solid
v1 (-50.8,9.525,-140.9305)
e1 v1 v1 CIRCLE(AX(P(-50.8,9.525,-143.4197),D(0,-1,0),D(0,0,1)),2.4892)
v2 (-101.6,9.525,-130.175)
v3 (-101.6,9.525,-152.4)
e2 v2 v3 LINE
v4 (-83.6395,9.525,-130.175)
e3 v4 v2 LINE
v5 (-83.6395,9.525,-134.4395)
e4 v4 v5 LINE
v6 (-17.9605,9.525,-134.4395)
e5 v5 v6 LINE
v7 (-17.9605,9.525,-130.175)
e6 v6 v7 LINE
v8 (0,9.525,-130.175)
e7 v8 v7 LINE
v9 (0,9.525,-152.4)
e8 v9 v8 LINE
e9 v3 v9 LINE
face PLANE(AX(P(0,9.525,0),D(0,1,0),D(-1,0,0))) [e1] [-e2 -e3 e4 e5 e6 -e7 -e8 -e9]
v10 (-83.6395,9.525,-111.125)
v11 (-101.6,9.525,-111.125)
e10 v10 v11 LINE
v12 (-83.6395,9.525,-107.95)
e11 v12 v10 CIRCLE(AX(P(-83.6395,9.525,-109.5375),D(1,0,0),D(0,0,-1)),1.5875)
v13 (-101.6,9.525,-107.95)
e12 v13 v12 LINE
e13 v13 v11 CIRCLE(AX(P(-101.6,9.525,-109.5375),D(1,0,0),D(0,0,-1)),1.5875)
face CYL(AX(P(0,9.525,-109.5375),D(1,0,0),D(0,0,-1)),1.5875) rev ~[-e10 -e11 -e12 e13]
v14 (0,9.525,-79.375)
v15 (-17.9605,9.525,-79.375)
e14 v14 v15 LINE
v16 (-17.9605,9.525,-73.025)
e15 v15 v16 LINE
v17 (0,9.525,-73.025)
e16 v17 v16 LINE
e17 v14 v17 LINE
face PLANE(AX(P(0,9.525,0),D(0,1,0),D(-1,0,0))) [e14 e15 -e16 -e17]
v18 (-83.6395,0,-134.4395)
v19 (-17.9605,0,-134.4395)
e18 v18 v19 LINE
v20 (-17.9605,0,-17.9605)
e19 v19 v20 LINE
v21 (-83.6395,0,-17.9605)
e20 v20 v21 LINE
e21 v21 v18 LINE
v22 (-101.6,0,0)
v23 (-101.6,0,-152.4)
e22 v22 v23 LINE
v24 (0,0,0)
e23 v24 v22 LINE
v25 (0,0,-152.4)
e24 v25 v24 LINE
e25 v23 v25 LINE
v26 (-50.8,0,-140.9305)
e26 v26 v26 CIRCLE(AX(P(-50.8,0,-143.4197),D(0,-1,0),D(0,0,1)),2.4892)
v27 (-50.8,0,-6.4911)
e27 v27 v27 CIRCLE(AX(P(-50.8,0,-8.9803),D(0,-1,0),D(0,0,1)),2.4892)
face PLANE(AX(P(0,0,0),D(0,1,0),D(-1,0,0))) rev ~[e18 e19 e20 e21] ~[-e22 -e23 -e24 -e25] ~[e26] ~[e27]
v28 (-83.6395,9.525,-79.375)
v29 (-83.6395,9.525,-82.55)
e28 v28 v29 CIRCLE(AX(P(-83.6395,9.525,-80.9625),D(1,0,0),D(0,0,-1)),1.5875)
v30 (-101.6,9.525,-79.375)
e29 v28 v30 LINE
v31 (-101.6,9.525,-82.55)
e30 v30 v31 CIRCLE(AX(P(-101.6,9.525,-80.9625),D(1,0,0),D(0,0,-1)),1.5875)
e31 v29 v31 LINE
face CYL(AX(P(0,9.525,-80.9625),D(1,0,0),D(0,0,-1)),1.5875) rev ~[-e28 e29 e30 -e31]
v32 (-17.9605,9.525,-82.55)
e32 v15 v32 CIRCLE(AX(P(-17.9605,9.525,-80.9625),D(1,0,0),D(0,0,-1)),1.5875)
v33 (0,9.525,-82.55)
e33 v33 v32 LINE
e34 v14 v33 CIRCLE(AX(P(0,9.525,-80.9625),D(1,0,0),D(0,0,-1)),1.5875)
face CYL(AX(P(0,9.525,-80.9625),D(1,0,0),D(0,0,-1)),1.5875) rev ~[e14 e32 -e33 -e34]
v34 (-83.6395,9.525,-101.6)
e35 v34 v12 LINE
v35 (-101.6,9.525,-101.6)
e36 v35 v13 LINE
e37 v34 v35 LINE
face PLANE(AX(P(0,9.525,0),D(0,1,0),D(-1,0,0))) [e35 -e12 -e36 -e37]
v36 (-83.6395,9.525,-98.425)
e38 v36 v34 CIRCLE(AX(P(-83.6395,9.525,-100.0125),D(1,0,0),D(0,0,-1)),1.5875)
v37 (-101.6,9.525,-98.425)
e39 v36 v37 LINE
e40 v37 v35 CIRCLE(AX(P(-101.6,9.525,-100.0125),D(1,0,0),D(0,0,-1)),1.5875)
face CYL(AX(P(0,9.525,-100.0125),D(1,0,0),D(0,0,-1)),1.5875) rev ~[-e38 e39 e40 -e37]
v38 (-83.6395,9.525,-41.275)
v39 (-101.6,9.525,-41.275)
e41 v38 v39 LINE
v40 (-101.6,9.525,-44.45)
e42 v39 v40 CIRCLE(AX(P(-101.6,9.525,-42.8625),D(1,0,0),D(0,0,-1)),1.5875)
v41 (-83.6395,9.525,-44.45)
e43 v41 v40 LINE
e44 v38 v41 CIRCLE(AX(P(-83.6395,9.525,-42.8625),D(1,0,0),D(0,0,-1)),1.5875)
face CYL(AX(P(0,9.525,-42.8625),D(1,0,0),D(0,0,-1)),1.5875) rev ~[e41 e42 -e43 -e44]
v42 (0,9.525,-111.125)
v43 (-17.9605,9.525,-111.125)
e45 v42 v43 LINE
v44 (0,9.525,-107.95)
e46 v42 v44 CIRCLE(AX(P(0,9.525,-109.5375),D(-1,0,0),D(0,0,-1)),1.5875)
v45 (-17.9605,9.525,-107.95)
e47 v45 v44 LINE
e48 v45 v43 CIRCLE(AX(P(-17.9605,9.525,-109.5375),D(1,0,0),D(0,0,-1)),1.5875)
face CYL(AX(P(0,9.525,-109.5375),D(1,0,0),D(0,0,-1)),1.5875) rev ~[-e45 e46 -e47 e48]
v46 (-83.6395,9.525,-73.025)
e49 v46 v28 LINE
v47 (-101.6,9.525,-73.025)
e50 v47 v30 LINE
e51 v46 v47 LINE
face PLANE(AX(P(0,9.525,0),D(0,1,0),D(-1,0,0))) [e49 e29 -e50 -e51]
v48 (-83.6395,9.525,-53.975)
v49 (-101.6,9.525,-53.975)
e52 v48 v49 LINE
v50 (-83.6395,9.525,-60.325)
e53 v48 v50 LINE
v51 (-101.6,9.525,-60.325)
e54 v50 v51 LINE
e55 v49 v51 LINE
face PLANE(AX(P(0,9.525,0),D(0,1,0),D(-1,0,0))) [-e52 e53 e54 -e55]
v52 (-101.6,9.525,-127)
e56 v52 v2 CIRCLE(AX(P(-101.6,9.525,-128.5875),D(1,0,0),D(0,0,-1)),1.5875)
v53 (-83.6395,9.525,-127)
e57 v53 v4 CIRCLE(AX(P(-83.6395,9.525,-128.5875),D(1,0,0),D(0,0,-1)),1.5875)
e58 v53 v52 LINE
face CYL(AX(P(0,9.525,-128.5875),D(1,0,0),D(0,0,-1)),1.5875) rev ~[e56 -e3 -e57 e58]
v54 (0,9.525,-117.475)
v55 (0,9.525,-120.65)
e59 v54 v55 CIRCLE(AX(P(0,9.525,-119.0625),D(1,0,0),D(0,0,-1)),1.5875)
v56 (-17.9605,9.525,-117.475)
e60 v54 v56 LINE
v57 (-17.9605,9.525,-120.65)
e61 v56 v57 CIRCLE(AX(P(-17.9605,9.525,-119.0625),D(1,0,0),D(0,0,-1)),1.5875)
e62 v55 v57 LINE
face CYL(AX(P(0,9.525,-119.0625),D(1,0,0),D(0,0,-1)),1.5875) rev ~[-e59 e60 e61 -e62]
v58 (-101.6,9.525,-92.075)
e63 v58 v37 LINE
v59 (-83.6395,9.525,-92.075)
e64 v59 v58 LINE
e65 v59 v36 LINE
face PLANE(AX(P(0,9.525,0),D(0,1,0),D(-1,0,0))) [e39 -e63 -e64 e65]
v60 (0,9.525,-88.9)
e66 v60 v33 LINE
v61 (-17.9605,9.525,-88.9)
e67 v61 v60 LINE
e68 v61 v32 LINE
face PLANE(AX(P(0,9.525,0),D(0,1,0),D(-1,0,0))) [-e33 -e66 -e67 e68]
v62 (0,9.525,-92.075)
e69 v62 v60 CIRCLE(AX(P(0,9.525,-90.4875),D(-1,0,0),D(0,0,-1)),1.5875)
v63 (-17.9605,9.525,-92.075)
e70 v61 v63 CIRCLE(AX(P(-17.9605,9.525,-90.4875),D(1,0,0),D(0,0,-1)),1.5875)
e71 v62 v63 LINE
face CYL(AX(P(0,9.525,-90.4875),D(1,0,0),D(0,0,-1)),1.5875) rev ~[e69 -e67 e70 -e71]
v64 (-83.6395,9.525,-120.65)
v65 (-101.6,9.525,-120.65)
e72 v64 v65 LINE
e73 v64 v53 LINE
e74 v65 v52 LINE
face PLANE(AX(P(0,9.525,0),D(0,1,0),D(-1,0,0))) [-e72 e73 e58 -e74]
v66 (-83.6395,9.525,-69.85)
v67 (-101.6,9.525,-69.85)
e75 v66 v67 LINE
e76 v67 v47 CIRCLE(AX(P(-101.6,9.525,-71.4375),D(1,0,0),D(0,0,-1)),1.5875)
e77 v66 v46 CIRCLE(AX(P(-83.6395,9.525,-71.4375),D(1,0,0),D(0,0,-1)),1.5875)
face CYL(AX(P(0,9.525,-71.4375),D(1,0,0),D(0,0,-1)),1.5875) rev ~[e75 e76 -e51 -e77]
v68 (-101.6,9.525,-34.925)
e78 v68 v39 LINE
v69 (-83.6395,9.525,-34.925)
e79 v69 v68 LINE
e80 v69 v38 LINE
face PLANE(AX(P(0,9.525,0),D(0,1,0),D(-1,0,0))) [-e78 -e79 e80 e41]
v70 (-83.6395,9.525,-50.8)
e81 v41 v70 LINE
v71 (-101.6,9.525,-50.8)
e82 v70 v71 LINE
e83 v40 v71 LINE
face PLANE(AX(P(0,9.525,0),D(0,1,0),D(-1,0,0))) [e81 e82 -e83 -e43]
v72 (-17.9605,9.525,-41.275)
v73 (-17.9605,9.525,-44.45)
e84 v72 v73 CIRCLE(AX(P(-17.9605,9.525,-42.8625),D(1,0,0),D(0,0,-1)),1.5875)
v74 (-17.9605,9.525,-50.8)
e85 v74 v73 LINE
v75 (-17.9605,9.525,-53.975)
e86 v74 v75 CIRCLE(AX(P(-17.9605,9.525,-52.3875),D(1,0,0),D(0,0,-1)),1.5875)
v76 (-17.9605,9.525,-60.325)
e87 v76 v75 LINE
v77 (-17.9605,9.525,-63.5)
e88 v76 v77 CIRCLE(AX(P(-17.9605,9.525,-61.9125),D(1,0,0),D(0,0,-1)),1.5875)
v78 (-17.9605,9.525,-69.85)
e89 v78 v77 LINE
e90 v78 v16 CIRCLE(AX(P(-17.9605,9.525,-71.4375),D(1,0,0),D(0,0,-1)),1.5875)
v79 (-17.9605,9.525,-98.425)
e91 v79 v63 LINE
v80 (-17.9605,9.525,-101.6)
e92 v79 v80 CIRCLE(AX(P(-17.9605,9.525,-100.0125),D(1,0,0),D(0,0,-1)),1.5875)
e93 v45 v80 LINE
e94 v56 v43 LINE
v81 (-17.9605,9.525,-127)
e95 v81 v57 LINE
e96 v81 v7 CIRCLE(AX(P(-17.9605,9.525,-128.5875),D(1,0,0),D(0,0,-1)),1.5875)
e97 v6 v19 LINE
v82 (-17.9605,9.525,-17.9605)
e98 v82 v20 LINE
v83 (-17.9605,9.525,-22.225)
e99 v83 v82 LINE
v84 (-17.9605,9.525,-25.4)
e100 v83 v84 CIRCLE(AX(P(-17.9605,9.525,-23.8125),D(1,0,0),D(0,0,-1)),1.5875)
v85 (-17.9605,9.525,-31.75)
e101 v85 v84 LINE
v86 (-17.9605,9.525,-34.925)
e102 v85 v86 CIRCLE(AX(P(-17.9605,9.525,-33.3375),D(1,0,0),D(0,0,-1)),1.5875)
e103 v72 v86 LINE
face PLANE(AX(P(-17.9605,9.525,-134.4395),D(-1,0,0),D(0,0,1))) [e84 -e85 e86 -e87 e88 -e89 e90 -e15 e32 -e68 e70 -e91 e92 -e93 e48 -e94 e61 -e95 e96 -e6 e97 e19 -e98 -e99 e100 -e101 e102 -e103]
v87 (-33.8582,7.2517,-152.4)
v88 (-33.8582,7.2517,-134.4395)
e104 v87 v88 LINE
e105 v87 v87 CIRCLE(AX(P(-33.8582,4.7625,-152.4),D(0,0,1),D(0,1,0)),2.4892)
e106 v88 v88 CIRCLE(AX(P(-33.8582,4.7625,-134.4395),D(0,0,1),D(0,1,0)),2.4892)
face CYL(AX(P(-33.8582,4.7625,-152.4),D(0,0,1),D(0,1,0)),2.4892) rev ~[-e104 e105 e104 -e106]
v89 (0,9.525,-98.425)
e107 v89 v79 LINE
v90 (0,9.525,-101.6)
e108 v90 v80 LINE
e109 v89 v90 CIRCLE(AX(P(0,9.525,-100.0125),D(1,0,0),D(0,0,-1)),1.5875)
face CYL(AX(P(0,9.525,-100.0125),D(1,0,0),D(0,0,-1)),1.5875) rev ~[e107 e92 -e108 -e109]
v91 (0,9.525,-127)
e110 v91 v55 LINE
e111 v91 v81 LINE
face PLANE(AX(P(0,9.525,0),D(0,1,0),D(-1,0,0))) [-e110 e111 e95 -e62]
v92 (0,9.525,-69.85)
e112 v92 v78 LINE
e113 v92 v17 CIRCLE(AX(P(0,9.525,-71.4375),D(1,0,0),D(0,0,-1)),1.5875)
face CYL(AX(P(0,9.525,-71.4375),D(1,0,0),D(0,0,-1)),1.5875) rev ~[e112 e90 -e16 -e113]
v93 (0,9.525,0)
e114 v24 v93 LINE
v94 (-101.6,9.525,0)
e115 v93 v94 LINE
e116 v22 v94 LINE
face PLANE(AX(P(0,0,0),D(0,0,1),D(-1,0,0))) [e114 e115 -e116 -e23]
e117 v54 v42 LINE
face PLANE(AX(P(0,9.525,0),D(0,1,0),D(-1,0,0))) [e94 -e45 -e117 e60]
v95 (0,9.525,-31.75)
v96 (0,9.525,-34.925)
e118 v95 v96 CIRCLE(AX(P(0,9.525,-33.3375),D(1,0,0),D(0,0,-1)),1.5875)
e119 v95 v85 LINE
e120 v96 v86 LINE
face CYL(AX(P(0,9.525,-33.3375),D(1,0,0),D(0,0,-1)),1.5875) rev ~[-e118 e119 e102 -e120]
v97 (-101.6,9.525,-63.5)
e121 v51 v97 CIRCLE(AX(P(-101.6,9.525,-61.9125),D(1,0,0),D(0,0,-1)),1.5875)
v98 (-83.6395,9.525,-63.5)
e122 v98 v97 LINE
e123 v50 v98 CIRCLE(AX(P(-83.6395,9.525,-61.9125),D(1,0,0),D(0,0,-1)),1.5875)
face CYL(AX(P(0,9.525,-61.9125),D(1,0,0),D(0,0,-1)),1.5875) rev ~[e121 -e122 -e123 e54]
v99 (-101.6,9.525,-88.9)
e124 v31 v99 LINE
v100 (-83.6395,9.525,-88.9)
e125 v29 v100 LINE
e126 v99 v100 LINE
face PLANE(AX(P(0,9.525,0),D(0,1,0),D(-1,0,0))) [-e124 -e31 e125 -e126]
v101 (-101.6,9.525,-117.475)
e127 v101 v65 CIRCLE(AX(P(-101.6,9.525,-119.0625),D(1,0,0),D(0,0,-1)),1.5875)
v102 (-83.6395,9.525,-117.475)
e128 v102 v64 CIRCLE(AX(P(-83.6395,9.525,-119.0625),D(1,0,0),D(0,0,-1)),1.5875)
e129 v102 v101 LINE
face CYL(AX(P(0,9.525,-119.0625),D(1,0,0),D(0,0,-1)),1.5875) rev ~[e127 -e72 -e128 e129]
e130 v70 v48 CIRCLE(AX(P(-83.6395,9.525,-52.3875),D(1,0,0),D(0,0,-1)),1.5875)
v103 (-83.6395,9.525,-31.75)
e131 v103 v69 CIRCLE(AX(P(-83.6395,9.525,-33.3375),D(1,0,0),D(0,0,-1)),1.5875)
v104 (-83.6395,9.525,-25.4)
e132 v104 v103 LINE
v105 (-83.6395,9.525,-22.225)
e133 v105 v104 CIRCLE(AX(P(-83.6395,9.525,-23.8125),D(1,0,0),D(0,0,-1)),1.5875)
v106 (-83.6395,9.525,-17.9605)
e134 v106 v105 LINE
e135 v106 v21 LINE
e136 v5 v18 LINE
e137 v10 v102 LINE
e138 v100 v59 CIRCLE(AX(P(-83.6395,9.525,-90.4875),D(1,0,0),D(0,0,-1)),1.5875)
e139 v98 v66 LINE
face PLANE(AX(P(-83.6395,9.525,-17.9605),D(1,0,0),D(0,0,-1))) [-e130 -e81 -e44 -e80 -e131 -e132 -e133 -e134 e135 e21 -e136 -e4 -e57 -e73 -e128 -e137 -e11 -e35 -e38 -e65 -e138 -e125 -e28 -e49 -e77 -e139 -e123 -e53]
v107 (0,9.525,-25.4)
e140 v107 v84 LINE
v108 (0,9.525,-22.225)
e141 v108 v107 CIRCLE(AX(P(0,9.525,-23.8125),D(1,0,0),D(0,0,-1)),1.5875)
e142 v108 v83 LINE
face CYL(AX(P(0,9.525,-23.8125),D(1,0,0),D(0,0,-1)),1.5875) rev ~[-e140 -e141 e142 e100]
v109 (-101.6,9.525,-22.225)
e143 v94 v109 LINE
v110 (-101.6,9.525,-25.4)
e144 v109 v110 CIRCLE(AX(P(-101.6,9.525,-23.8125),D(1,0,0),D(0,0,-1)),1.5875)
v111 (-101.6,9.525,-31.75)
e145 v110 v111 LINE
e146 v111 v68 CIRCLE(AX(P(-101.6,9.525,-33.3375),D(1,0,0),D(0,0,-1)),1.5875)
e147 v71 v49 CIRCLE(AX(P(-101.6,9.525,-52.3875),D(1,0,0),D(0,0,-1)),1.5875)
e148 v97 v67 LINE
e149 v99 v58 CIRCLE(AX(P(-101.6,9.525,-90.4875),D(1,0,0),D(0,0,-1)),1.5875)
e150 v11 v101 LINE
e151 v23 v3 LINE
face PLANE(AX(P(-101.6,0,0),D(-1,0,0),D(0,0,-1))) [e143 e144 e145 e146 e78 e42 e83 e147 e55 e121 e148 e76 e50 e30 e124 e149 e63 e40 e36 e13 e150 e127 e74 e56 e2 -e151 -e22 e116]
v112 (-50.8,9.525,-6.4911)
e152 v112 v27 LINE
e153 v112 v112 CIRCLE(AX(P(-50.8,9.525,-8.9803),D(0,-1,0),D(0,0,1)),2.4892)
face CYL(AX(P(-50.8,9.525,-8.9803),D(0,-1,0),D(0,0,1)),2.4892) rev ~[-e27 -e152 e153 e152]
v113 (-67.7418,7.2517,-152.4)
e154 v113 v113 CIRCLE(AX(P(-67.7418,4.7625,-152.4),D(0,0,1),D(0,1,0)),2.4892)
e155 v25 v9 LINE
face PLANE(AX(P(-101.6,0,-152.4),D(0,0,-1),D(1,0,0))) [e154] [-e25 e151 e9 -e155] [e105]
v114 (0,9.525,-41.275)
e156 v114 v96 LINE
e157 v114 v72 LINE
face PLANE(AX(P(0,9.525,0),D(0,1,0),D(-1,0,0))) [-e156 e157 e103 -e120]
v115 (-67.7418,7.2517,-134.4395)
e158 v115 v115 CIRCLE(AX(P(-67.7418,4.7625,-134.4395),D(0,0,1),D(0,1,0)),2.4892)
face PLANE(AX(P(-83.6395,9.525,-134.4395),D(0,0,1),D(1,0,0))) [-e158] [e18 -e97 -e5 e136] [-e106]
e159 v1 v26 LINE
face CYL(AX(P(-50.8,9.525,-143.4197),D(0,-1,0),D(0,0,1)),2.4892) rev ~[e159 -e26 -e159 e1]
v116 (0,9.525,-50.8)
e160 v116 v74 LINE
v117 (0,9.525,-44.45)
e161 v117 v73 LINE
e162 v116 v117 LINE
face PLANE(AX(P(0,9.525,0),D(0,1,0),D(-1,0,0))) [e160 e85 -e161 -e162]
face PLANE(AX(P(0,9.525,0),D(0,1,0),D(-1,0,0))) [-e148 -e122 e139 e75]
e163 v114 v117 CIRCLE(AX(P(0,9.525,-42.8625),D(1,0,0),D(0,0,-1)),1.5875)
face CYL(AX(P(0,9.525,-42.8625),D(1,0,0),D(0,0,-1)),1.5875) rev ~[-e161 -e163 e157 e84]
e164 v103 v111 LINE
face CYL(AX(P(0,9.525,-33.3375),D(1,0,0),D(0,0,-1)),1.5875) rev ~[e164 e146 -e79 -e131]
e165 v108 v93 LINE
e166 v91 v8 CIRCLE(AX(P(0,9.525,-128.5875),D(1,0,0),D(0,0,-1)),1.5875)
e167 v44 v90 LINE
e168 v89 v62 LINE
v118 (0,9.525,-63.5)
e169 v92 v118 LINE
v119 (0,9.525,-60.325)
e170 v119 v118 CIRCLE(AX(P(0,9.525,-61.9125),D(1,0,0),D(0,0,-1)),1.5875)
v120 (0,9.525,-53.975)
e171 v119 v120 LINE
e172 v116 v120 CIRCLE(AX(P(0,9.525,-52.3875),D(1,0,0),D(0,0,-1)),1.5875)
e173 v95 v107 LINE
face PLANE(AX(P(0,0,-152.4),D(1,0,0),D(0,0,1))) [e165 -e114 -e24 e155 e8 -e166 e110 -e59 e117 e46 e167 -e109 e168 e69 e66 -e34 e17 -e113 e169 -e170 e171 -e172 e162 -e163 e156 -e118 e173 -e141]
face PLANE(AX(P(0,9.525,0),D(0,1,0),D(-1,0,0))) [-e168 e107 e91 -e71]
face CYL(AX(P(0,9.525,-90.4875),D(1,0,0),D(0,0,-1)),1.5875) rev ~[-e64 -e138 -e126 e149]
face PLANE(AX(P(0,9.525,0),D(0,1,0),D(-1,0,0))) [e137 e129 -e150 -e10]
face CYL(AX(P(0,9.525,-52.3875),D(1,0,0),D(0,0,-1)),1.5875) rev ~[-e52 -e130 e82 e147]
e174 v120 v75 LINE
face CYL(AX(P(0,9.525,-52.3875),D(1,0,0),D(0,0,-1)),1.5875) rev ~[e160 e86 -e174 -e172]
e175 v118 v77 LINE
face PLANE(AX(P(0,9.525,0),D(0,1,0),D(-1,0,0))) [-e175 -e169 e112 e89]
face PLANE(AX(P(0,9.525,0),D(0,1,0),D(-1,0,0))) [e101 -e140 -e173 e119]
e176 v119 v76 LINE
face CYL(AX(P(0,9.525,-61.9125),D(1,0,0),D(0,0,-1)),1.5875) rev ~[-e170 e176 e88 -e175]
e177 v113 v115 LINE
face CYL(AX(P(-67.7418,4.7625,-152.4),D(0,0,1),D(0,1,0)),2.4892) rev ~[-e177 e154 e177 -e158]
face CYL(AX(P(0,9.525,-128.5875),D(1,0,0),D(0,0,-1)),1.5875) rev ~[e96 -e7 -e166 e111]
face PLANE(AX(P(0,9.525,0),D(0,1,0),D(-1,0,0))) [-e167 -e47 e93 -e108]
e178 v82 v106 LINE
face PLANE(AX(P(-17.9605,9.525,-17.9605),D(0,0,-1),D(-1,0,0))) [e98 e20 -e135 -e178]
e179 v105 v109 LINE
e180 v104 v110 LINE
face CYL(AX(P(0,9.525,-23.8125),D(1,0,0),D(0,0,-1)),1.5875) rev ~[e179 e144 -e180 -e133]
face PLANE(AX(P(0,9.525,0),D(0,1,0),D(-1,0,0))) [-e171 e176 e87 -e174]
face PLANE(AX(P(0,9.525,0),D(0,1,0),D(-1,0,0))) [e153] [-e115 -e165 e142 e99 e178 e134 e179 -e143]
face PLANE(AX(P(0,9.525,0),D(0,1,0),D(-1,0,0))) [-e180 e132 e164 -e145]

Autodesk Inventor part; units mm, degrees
ref_plane "YZ Plane" through (0, 0, 0) normal (1, 0, 0) x (0, 1, 0)
ref_plane "XZ Plane" through (0, 0, 0) normal (0, 1, 0) x (-1, 0, 0)
ref_plane "XY Plane" through (0, 0, 0) normal (0, 0, 1) x (1, 0, 0)
sketch "Sketch1" plane through (0, 0, 0) normal (0, 1, 0) x (-1, 0, 0)
  line L0 (0, 0) -> (101.6, 0)
  line L1 (101.6, 0) -> (101.6, -152.4)
  line L2 (101.6, -152.4) -> (0, -152.4)
  line L3 (0, -152.4) -> (0, 0)
  dimension "d0" = 101.6
  dimension "d1" = 152.4
extrude "Extrusion1" add sketch "Sketch1" along normal blind 9.525
sketch "Sketch2" plane through (0, 9.525, 0) normal (0, 1, 0) x (1, 0, 0)
  line L0 (-101.6, 0) -> (0, 0) projected
  line L1 (0, 0) -> (-17.9605, 17.9605)
  line L2 (0, 0) -> (25.4, 0) construction
  line L3 (-101.6, 152.4) -> (-101.6, 0) projected
  line L4 (-101.6, 152.4) -> (-83.6395, 134.4395)
  line L5 (-17.9605, 17.9605) -> (-83.6395, 17.9605)
  line L6 (-83.6395, 17.9605) -> (-83.6395, 134.4395)
  line L7 (-83.6395, 134.4395) -> (-17.9605, 134.4395)
  line L8 (-17.9605, 134.4395) -> (-17.9605, 17.9605)
  dimension "d4" = 25.4
  dimension "d5" = 135
  dimension "d6" = 25.4
extrude "Extrusion2" cut sketch "Sketch2" against normal blind 9.525 contours L5 L6 L7 L8
sketch "Sketch3" plane through (0, 0, 0) normal (1, 0, 0) x (0, 0, -1)
  line L0 (0, 9.525) -> (152.4, 9.525) projected
  line L1 (0, 10.079) -> (25.4, 10.079) construction
  line L2 (0, 0) -> (0, 9.525) projected
  line L3 (0, 9.525) -> (23.8125, 9.525)
  line L4 (134.4395, 9.525) -> (17.9605, 9.525) projected
  circle A0 centre (23.8125, 9.525) radius 1.5875
  circle A1 centre (33.3375, 9.525) radius 1.5875
  circle A2 centre (42.8625, 9.525) radius 1.5875
  circle A3 centre (52.3875, 9.525) radius 1.5875
  circle A4 centre (61.9125, 9.525) radius 1.5875
  circle A5 centre (71.4375, 9.525) radius 1.5875
  circle A6 centre (80.9625, 9.525) radius 1.5875
  circle A7 centre (90.4875, 9.525) radius 1.5875
  circle A8 centre (100.0125, 9.525) radius 1.5875
  circle A9 centre (109.5375, 9.525) radius 1.5875
  circle A10 centre (119.0625, 9.525) radius 1.5875
  circle A11 centre (128.5875, 9.525) radius 1.5875
  point P0 (130.175, 9.525)
  point P1 (127, 9.525)
  point P2 (120.65, 9.525)
  point P3 (117.475, 9.525)
  point P4 (101.6, 9.525)
  point P5 (98.425, 9.525)
  point P6 (82.55, 9.525)
  point P7 (79.375, 9.525)
  point P8 (73.025, 9.525)
  point P9 (69.85, 9.525)
  point P10 (63.5, 9.525)
  point P11 (60.325, 9.525)
  point P12 (53.975, 9.525)
  point P13 (50.8, 9.525)
  point P14 (44.45, 9.525)
  point P15 (41.275, 9.525)
  point P16 (34.925, 9.525)
  point P17 (31.75, 9.525)
  point P18 (22.225, 9.525)
  point P19 (25.4, 9.525)
  dimension "d11" = 23.8125
  dimension "d12" = 3.175
  dimension "d15" = 9.525
extrude "Extrusion3" cut sketch "Sketch3" against normal blind 107.95 contours L0 A0 | L0 A11 | L0 A10 | A9 L0 | L0 A9 | L0 A8 | A7 L0 | L0 A7 | L0 A6 | L0 A5 | L0 A4 | L0 A3 | L0 A2 | L0 A1 picked at (24.8555, 9.3984) picked at (128.9035, 8.9629) picked at (119.4808, 8.612) picked at (100.4308, 8.612) picked at (81.3808, 8.612) picked at (71.8558, 8.612) picked at (61.501, 9.0475) picked at (52.5145, 8.7843) picked at (42.9895, 8.7843) picked at (33.5251, 8.5384)
sketch "Sketch4" plane through (0, 0, -152.4) normal (0, 0, -1) x (-1, 0, 0)
  line L0 (101.6, 0) -> (101.6, 9.525) projected
  line L1 (101.6, 4.7625) -> (67.7418, 4.7625)
  line L2 (0, 4.7625) -> (33.8582, 4.7625)
  line L3 (0, 4.7625) -> (33.8582, 4.7625) construction
  point P0 (0, 0)
  dimension "d22" = 33.8582
  dimension "d23" = 33.8582
  dimension "d24" = 0
hole "Hole1" at (-67.7418, 4.7625, -152.4) direction (0, 0, 1) diameter 4.9784 depth 25.4 thread size "1/4-20 UNC" class "2B" standard "ANSI Unified Screw Threads"
hole "Hole2" at (-33.8582, 4.7625, -152.4) direction (0, 0, 1) diameter 4.9784 depth 25.4 thread size "1/4-20 UNC" class "2B" standard "ANSI Unified Screw Threads"
sketch "Sketch5" plane through (0, 9.525, 0) normal (0, 1, 0) x (1, 0, 0)
  line L0 (-101.6, 0) -> (0, 0) projected
  line L1 (-50.8, 0) -> (-50.8, 17.9605)
  line L2 (-83.6395, 17.9605) -> (-17.9605, 17.9605) projected
  line L3 (-50.8, 0) -> (-50.8, 8.9803)
sketch "Sketch6" plane through (0, 9.525, 0) normal (0, 1, 0) x (1, 0, 0)
  line L0 (-17.9605, 134.4395) -> (-83.6395, 134.4395) projected
  line L1 (-50.8, 134.4395) -> (-50.8, 152.4)
  line L2 (0, 152.4) -> (-101.6, 152.4) projected
  line L3 (-50.8, 134.4395) -> (-50.8, 143.4197)
  point P0 (0, 0)
hole "Hole3" at (-50.8, 9.525, -8.9803) direction (0, -1, 0) diameter 4.9784 depth 25.4 thread size "1/4-20 UNC" class "2B" standard "ANSI Unified Screw Threads"
hole "Hole4" at (-50.8, 9.525, -143.4197) direction (0, -1, 0) diameter 4.9784 depth 25.4 thread size "1/4-20 UNC" class "2B" standard "ANSI Unified Screw Threads"
properties part number "side-A"
